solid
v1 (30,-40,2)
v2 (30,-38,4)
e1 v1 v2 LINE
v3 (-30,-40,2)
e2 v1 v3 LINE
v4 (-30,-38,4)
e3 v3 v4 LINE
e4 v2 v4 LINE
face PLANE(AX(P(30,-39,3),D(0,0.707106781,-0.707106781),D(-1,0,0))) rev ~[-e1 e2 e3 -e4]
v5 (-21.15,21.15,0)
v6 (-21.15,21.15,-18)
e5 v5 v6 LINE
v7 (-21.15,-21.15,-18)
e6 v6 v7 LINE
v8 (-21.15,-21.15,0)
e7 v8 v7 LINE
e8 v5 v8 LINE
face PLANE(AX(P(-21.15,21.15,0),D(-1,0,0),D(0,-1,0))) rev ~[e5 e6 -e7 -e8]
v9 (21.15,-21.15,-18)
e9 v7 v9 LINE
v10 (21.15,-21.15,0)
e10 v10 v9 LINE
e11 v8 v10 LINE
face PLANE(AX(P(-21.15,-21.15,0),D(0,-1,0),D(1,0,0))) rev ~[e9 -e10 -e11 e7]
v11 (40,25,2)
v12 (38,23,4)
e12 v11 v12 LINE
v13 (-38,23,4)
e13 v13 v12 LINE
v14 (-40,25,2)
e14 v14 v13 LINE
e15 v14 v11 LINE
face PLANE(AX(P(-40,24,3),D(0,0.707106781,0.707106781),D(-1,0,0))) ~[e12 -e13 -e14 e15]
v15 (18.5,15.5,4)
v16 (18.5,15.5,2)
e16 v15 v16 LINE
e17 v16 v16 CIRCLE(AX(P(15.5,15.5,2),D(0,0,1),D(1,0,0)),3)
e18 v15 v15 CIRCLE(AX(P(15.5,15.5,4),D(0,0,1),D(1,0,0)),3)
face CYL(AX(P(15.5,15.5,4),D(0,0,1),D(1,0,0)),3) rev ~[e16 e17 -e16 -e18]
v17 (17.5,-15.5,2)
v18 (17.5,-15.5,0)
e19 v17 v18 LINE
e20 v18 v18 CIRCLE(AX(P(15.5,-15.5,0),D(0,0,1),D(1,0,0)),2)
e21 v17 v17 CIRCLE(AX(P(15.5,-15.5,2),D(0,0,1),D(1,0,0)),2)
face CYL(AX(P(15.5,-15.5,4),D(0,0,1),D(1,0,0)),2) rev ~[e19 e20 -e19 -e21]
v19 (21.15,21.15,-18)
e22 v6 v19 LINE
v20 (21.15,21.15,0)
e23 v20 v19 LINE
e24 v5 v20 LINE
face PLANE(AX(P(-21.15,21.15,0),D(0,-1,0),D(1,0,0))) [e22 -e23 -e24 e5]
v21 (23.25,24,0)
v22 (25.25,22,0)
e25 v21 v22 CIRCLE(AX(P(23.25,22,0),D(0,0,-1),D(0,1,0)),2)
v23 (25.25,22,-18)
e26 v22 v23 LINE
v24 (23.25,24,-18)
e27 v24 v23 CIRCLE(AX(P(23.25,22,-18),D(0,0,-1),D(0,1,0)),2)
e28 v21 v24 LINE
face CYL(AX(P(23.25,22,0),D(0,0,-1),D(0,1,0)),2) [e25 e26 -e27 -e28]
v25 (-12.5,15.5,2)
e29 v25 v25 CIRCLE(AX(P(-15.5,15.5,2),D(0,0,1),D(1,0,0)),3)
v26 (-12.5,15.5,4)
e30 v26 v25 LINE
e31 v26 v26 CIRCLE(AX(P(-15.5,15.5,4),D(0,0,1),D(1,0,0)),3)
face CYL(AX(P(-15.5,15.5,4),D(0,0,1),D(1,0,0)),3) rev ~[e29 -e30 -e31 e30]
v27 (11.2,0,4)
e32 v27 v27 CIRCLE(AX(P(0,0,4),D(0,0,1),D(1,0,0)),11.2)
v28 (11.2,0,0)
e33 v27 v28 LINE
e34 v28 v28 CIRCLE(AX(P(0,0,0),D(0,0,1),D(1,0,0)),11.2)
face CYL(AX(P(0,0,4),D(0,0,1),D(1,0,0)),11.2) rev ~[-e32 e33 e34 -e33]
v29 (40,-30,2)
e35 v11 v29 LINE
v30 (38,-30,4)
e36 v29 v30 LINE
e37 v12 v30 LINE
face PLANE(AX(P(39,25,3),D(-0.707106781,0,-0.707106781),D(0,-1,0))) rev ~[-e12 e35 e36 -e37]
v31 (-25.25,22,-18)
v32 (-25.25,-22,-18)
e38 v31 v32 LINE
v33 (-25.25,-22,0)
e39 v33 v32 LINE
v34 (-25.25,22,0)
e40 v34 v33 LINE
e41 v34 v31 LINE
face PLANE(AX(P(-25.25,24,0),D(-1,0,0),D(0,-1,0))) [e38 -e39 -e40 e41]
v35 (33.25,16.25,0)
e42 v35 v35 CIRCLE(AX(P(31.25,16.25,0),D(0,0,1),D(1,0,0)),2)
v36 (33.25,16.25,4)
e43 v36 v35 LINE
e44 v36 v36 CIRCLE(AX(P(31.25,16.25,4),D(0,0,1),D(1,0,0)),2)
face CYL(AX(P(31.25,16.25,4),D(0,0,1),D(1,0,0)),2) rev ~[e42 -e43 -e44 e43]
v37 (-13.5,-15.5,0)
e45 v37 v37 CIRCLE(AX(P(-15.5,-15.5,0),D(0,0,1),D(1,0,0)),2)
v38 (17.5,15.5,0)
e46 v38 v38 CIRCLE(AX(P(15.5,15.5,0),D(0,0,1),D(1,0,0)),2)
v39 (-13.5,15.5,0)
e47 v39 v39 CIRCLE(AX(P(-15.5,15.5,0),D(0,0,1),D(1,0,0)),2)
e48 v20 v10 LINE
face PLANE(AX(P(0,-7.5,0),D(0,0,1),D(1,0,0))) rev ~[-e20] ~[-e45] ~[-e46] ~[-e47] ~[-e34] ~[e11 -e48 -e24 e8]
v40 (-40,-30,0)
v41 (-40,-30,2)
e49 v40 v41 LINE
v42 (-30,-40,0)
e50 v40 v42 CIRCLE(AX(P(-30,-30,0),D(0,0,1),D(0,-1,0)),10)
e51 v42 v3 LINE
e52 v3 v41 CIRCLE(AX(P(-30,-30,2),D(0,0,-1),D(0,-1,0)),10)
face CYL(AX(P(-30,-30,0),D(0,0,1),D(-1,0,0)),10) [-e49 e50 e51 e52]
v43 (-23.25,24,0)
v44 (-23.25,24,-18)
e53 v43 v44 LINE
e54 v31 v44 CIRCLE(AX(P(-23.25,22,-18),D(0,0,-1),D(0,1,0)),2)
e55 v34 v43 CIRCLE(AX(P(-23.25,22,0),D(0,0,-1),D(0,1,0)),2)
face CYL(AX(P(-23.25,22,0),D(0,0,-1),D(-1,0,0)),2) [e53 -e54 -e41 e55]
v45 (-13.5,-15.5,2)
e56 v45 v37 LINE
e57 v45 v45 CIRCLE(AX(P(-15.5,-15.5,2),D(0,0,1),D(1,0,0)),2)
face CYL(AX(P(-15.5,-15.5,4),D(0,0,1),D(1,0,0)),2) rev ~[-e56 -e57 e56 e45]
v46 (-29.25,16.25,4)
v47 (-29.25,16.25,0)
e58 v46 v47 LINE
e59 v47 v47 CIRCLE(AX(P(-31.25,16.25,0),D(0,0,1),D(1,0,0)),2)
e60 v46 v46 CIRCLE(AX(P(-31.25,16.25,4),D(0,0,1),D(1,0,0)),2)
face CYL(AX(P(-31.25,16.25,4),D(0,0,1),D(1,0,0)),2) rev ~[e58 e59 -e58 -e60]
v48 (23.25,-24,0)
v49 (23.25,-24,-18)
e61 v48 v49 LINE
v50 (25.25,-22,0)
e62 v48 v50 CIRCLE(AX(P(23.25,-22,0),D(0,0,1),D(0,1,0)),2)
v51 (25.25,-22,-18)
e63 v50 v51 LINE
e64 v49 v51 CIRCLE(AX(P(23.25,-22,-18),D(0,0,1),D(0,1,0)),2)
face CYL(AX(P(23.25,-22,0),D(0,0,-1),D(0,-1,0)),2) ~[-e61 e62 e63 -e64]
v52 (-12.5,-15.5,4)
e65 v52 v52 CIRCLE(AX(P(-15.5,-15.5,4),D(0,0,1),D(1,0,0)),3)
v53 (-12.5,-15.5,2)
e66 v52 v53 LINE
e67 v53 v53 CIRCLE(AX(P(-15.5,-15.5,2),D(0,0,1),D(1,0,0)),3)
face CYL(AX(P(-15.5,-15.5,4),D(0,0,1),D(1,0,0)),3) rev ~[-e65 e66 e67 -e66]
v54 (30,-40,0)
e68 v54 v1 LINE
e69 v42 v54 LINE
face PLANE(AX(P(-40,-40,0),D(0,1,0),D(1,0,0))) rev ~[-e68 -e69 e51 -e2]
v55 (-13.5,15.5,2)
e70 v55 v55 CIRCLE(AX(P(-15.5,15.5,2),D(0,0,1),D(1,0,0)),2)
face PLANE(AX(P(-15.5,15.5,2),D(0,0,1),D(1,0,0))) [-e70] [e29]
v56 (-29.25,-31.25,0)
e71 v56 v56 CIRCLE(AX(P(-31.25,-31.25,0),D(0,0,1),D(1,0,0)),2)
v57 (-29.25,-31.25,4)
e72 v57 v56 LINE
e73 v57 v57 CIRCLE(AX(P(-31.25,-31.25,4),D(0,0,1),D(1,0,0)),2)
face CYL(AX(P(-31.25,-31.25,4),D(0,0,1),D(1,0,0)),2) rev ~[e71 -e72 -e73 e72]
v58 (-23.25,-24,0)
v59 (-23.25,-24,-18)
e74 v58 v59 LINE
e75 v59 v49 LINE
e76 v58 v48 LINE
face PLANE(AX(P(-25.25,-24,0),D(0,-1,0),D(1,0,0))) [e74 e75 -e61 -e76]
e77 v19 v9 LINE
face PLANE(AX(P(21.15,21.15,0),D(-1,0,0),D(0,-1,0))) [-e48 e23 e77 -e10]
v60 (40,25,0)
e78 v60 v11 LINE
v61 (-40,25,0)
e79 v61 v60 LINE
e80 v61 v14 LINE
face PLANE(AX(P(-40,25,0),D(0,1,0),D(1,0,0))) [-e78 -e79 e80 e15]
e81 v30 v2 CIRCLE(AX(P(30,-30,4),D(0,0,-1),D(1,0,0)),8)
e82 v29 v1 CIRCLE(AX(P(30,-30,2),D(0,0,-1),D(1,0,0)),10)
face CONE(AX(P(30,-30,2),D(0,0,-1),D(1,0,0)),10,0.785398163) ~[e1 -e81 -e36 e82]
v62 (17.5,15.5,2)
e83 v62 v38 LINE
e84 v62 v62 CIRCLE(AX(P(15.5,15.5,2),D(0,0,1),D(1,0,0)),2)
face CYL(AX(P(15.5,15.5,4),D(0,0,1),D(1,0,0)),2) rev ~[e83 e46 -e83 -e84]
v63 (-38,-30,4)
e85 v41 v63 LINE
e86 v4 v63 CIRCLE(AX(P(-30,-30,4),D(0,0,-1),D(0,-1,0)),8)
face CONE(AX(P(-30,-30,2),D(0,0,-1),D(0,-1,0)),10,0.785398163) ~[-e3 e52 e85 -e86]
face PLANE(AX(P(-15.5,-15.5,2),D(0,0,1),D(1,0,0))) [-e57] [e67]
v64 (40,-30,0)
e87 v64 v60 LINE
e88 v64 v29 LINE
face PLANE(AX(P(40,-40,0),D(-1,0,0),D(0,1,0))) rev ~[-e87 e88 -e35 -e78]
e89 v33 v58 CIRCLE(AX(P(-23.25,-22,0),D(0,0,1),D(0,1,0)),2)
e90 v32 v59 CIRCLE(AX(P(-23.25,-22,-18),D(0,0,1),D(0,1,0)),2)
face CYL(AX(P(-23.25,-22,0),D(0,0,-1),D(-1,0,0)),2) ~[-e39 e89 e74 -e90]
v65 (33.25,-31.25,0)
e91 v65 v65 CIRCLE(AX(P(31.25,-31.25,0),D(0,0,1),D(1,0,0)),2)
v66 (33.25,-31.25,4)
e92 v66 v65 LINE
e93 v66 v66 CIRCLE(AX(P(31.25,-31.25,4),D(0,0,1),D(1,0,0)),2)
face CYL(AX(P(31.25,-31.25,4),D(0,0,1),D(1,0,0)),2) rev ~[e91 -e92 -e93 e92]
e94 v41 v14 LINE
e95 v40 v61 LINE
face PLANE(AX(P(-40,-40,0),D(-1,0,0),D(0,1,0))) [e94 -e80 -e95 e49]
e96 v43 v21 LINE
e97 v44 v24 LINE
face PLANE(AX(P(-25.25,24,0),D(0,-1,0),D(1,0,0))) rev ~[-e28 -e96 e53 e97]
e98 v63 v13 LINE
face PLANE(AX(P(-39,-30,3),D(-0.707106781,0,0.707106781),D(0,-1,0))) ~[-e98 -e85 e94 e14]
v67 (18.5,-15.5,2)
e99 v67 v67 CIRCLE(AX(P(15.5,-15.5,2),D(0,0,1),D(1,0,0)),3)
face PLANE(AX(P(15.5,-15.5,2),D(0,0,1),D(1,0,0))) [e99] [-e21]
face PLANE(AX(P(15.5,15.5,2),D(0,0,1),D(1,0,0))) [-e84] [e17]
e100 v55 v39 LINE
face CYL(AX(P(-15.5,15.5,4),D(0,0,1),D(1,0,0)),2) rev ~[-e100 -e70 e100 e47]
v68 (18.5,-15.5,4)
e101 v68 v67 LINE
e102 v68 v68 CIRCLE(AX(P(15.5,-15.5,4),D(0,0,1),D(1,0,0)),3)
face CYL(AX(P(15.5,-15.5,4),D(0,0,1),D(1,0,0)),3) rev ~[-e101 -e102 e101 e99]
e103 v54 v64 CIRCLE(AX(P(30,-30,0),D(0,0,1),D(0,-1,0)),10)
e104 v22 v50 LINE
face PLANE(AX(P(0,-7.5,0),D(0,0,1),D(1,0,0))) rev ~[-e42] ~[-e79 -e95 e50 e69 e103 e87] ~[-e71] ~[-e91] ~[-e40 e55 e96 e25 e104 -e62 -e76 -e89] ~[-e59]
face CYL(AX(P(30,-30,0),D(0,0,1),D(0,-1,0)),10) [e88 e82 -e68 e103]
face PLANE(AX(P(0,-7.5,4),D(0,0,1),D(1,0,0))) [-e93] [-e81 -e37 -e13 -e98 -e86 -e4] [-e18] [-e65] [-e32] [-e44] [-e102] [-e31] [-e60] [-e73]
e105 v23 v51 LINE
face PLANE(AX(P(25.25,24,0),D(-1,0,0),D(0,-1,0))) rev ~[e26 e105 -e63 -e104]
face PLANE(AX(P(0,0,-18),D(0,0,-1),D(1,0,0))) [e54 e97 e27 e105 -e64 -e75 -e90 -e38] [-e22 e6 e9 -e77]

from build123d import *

# Parameters (mm, degrees)
SKETCH_W        = 80
SKETCH_H        = 65
PAD_DEPTH       = 4
SKETCH001_R     = 11.2
POCKET_DEPTH    = 4.001
SKETCH002_R     = 2
POCKET001_DEPTH = 4.001
SKETCH003_W     = 50.5
SKETCH003_H     = 48
SKETCH003_W_2   = 42.3
SKETCH003_H_2   = 42.3
PAD001_DEPTH    = 18
SKETCH004_R     = 3
POCKET002_DEPTH = 2
SKETCH005_R     = 2
POCKET003_DEPTH = 22.001
FILLET_R        = 10
FILLET001_R     = 2
CHAMFER_SIZE    = 2


with BuildPart() as part:
    # Sketch → Pad (new body)
    with BuildSketch(Plane.XY):
        with Locations((0, -7.5)):
            Rectangle(SKETCH_W, SKETCH_H)
    extrude(amount=PAD_DEPTH)

    # Sketch001 (on Face6 of Pad) → Pocket (cut, through all)
    with BuildSketch(Plane.XY.offset(4)):
        Circle(SKETCH001_R)
    extrude(amount=-POCKET_DEPTH, mode=Mode.SUBTRACT)

    # Sketch002 (on Face5 of Pocket) → Pocket001 (cut, through all)
    with BuildSketch(Plane.XY.offset(4)):
        with Locations((-15.5, 15.5)):
            Circle(SKETCH002_R)
        with Locations((-15.5, -15.5)):
            Circle(SKETCH002_R)
        with Locations((15.5, -15.5)):
            Circle(SKETCH002_R)
        with Locations((15.5, 15.5)):
            Circle(SKETCH002_R)
    extrude(amount=-POCKET001_DEPTH, mode=Mode.SUBTRACT)

    # Sketch003 (on Face4 of Pocket001) → Pad001 (join)
    with BuildSketch(Plane(origin=(0, 0, 0), x_dir=(1, 0, 0), z_dir=(0, 0, -1))):
        Rectangle(SKETCH003_W, SKETCH003_H)
        Rectangle(SKETCH003_W_2, SKETCH003_H_2, mode=Mode.SUBTRACT)
    extrude(amount=PAD001_DEPTH)

    # Sketch004 (on Face5 of Pad001) → Pocket002 (cut)
    with BuildSketch(Plane.XY.offset(4)):
        with Locations((-15.5, 15.5)):
            Circle(SKETCH004_R)
        with Locations((15.5, 15.5)):
            Circle(SKETCH004_R)
        with Locations((15.5, -15.5)):
            Circle(SKETCH004_R)
        with Locations((-15.5, -15.5)):
            Circle(SKETCH004_R)
    extrude(amount=-POCKET002_DEPTH, mode=Mode.SUBTRACT)

    # Sketch005 (on Face5 of Pocket002) → Pocket003 (cut, through all)
    with BuildSketch(Plane.XY.offset(4)):
        with Locations((-31.25, 16.25)):
            Circle(SKETCH005_R)
        with Locations((31.25, 16.25)):
            Circle(SKETCH005_R)
        with Locations((31.25, -31.25)):
            Circle(SKETCH005_R)
        with Locations((-31.25, -31.25)):
            Circle(SKETCH005_R)
    extrude(amount=-POCKET003_DEPTH, mode=Mode.SUBTRACT)

    # Fillet
    fillet_edges = [part.edges().sort_by_distance(p)[0] for p in [
        (40, -40, 2),
        (-40, -40, 2),
    ]]
    fillet(fillet_edges, radius=FILLET_R)

    # Fillet001
    fillet001_edges = [part.edges().sort_by_distance(p)[0] for p in [
        (25.25, -24, -9),
        (25.25, 24, -9),
        (-25.25, -24, -9),
        (-25.25, 24, -9),
    ]]
    fillet(fillet001_edges, radius=FILLET001_R)

    # Chamfer
    chamfer_edges = [part.edges().sort_by_distance(p)[0] for p in [
        (0, 25, 4),
        (-40, -2.5, 4),
    ]]
    chamfer(chamfer_edges, length=CHAMFER_SIZE)


solid = part.part
